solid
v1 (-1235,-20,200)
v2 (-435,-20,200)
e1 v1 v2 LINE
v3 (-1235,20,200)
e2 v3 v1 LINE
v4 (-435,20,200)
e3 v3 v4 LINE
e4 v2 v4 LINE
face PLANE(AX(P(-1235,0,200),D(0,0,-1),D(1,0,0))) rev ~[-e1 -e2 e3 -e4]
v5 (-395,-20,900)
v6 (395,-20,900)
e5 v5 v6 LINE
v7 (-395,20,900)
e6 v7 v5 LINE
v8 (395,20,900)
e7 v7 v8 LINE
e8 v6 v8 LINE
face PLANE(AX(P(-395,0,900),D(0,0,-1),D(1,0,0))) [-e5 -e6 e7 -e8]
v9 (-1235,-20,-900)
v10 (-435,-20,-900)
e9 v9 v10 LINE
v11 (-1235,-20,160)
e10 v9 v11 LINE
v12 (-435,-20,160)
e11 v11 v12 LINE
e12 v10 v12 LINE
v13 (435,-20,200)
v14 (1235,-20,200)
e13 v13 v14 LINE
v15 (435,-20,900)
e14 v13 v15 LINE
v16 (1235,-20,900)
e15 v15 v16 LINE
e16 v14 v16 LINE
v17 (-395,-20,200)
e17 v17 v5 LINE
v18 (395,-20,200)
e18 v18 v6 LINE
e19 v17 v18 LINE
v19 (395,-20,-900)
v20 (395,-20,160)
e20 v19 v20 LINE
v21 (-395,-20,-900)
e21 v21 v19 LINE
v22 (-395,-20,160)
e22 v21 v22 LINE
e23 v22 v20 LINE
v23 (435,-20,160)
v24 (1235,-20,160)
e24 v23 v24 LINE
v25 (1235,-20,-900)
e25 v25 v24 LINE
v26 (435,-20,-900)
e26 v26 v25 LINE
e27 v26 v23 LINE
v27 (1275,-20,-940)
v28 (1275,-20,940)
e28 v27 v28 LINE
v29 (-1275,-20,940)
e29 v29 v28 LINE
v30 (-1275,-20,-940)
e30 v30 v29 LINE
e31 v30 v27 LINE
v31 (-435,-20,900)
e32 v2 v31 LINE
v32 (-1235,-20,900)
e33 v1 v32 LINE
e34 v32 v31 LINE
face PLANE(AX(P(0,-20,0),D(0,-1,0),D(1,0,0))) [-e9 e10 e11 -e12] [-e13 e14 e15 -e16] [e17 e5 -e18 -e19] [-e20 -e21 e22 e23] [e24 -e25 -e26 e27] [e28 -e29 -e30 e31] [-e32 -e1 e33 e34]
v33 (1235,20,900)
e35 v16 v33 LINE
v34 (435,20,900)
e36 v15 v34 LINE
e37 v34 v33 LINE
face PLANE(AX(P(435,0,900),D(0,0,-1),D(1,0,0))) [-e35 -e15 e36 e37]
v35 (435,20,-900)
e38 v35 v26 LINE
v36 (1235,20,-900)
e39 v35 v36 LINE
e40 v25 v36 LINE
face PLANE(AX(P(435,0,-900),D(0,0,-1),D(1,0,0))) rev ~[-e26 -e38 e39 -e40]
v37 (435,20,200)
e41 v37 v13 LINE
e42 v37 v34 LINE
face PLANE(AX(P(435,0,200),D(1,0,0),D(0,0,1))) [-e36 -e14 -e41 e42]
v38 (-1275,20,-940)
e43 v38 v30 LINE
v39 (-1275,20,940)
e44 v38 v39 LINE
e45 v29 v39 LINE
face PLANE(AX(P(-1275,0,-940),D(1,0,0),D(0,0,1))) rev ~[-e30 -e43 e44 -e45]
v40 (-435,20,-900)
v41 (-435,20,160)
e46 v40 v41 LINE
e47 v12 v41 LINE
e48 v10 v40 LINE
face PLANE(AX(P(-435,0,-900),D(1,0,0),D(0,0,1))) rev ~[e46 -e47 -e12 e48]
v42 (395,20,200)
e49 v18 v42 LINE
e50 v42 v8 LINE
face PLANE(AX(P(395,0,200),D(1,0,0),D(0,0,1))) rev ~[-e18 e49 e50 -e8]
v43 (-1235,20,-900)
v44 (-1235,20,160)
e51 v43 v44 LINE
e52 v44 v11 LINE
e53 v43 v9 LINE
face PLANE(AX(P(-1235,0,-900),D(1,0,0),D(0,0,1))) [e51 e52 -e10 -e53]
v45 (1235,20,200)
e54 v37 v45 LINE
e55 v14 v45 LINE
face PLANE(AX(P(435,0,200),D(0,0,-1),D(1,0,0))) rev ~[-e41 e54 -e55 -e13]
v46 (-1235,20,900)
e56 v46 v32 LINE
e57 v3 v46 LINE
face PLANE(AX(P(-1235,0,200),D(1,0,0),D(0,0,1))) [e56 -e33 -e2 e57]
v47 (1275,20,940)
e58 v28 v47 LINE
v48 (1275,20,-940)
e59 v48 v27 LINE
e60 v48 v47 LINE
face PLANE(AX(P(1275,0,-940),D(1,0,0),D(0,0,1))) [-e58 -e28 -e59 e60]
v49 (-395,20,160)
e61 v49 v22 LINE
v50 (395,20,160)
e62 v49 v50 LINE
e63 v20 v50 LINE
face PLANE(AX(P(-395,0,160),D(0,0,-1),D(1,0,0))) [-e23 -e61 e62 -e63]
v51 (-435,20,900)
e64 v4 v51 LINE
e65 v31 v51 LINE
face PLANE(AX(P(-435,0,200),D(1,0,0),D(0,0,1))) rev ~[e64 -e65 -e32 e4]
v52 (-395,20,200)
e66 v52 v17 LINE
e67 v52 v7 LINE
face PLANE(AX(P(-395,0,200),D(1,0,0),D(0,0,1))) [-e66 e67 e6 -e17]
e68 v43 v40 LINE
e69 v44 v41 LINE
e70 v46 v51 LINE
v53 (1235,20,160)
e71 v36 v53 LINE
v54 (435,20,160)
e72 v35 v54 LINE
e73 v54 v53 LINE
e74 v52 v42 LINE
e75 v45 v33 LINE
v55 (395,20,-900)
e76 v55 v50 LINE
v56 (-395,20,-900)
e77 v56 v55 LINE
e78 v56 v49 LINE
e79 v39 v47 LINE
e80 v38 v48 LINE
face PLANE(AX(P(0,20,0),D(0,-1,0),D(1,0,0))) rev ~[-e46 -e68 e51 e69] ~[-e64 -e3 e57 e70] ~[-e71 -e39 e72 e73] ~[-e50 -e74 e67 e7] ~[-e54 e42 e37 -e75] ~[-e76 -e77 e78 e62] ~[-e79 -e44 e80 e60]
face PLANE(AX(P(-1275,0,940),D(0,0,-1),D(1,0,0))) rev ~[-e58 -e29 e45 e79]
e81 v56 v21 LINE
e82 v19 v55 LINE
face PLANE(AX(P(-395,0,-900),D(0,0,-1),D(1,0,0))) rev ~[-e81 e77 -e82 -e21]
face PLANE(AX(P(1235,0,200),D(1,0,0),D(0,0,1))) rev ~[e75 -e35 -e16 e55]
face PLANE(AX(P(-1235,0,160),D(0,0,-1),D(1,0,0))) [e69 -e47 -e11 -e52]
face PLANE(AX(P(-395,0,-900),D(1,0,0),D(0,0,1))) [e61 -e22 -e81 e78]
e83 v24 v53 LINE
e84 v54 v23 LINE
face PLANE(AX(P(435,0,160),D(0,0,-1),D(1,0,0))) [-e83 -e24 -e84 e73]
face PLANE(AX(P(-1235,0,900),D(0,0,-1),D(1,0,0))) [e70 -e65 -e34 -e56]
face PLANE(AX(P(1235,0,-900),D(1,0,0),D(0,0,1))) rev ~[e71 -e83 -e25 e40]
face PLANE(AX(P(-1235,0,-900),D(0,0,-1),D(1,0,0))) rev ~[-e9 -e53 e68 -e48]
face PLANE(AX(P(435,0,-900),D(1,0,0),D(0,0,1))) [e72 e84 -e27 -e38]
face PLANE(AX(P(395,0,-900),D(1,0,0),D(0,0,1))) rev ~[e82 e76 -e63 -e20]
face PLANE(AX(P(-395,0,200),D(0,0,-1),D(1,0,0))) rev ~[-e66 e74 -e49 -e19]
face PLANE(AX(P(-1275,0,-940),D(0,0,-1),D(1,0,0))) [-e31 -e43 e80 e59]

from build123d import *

# Parameters (mm, degrees)
F0_W     = 2550
F0_H     = 1880
F0_W_2   = 800
F0_H_2   = 1060
F0_W_3   = 790
F0_H_3   = 700
F1_DEPTH = 20


with BuildPart() as f1:
    # F0 (on Front) → F1 (new body, symmetric)
    with BuildSketch(Plane.XZ):
        Rectangle(F0_W, F0_H)
        with Locations((-835, -370)):
            Rectangle(F0_W_2, F0_H_2, mode=Mode.SUBTRACT)
        with Locations((0, -370)):
            Rectangle(F0_W_3, F0_H_2, mode=Mode.SUBTRACT)
        with Locations((835, -370)):
            Rectangle(F0_W_2, F0_H_2, mode=Mode.SUBTRACT)
        with Locations((-835, 550)):
            Rectangle(F0_W_2, F0_H_3, mode=Mode.SUBTRACT)
        with Locations((0, 550)):
            Rectangle(F0_W_3, F0_H_3, mode=Mode.SUBTRACT)
        with Locations((835, 550)):
            Rectangle(F0_W_2, F0_H_3, mode=Mode.SUBTRACT)
    extrude(amount=F1_DEPTH, both=True)


solid = f1.part
